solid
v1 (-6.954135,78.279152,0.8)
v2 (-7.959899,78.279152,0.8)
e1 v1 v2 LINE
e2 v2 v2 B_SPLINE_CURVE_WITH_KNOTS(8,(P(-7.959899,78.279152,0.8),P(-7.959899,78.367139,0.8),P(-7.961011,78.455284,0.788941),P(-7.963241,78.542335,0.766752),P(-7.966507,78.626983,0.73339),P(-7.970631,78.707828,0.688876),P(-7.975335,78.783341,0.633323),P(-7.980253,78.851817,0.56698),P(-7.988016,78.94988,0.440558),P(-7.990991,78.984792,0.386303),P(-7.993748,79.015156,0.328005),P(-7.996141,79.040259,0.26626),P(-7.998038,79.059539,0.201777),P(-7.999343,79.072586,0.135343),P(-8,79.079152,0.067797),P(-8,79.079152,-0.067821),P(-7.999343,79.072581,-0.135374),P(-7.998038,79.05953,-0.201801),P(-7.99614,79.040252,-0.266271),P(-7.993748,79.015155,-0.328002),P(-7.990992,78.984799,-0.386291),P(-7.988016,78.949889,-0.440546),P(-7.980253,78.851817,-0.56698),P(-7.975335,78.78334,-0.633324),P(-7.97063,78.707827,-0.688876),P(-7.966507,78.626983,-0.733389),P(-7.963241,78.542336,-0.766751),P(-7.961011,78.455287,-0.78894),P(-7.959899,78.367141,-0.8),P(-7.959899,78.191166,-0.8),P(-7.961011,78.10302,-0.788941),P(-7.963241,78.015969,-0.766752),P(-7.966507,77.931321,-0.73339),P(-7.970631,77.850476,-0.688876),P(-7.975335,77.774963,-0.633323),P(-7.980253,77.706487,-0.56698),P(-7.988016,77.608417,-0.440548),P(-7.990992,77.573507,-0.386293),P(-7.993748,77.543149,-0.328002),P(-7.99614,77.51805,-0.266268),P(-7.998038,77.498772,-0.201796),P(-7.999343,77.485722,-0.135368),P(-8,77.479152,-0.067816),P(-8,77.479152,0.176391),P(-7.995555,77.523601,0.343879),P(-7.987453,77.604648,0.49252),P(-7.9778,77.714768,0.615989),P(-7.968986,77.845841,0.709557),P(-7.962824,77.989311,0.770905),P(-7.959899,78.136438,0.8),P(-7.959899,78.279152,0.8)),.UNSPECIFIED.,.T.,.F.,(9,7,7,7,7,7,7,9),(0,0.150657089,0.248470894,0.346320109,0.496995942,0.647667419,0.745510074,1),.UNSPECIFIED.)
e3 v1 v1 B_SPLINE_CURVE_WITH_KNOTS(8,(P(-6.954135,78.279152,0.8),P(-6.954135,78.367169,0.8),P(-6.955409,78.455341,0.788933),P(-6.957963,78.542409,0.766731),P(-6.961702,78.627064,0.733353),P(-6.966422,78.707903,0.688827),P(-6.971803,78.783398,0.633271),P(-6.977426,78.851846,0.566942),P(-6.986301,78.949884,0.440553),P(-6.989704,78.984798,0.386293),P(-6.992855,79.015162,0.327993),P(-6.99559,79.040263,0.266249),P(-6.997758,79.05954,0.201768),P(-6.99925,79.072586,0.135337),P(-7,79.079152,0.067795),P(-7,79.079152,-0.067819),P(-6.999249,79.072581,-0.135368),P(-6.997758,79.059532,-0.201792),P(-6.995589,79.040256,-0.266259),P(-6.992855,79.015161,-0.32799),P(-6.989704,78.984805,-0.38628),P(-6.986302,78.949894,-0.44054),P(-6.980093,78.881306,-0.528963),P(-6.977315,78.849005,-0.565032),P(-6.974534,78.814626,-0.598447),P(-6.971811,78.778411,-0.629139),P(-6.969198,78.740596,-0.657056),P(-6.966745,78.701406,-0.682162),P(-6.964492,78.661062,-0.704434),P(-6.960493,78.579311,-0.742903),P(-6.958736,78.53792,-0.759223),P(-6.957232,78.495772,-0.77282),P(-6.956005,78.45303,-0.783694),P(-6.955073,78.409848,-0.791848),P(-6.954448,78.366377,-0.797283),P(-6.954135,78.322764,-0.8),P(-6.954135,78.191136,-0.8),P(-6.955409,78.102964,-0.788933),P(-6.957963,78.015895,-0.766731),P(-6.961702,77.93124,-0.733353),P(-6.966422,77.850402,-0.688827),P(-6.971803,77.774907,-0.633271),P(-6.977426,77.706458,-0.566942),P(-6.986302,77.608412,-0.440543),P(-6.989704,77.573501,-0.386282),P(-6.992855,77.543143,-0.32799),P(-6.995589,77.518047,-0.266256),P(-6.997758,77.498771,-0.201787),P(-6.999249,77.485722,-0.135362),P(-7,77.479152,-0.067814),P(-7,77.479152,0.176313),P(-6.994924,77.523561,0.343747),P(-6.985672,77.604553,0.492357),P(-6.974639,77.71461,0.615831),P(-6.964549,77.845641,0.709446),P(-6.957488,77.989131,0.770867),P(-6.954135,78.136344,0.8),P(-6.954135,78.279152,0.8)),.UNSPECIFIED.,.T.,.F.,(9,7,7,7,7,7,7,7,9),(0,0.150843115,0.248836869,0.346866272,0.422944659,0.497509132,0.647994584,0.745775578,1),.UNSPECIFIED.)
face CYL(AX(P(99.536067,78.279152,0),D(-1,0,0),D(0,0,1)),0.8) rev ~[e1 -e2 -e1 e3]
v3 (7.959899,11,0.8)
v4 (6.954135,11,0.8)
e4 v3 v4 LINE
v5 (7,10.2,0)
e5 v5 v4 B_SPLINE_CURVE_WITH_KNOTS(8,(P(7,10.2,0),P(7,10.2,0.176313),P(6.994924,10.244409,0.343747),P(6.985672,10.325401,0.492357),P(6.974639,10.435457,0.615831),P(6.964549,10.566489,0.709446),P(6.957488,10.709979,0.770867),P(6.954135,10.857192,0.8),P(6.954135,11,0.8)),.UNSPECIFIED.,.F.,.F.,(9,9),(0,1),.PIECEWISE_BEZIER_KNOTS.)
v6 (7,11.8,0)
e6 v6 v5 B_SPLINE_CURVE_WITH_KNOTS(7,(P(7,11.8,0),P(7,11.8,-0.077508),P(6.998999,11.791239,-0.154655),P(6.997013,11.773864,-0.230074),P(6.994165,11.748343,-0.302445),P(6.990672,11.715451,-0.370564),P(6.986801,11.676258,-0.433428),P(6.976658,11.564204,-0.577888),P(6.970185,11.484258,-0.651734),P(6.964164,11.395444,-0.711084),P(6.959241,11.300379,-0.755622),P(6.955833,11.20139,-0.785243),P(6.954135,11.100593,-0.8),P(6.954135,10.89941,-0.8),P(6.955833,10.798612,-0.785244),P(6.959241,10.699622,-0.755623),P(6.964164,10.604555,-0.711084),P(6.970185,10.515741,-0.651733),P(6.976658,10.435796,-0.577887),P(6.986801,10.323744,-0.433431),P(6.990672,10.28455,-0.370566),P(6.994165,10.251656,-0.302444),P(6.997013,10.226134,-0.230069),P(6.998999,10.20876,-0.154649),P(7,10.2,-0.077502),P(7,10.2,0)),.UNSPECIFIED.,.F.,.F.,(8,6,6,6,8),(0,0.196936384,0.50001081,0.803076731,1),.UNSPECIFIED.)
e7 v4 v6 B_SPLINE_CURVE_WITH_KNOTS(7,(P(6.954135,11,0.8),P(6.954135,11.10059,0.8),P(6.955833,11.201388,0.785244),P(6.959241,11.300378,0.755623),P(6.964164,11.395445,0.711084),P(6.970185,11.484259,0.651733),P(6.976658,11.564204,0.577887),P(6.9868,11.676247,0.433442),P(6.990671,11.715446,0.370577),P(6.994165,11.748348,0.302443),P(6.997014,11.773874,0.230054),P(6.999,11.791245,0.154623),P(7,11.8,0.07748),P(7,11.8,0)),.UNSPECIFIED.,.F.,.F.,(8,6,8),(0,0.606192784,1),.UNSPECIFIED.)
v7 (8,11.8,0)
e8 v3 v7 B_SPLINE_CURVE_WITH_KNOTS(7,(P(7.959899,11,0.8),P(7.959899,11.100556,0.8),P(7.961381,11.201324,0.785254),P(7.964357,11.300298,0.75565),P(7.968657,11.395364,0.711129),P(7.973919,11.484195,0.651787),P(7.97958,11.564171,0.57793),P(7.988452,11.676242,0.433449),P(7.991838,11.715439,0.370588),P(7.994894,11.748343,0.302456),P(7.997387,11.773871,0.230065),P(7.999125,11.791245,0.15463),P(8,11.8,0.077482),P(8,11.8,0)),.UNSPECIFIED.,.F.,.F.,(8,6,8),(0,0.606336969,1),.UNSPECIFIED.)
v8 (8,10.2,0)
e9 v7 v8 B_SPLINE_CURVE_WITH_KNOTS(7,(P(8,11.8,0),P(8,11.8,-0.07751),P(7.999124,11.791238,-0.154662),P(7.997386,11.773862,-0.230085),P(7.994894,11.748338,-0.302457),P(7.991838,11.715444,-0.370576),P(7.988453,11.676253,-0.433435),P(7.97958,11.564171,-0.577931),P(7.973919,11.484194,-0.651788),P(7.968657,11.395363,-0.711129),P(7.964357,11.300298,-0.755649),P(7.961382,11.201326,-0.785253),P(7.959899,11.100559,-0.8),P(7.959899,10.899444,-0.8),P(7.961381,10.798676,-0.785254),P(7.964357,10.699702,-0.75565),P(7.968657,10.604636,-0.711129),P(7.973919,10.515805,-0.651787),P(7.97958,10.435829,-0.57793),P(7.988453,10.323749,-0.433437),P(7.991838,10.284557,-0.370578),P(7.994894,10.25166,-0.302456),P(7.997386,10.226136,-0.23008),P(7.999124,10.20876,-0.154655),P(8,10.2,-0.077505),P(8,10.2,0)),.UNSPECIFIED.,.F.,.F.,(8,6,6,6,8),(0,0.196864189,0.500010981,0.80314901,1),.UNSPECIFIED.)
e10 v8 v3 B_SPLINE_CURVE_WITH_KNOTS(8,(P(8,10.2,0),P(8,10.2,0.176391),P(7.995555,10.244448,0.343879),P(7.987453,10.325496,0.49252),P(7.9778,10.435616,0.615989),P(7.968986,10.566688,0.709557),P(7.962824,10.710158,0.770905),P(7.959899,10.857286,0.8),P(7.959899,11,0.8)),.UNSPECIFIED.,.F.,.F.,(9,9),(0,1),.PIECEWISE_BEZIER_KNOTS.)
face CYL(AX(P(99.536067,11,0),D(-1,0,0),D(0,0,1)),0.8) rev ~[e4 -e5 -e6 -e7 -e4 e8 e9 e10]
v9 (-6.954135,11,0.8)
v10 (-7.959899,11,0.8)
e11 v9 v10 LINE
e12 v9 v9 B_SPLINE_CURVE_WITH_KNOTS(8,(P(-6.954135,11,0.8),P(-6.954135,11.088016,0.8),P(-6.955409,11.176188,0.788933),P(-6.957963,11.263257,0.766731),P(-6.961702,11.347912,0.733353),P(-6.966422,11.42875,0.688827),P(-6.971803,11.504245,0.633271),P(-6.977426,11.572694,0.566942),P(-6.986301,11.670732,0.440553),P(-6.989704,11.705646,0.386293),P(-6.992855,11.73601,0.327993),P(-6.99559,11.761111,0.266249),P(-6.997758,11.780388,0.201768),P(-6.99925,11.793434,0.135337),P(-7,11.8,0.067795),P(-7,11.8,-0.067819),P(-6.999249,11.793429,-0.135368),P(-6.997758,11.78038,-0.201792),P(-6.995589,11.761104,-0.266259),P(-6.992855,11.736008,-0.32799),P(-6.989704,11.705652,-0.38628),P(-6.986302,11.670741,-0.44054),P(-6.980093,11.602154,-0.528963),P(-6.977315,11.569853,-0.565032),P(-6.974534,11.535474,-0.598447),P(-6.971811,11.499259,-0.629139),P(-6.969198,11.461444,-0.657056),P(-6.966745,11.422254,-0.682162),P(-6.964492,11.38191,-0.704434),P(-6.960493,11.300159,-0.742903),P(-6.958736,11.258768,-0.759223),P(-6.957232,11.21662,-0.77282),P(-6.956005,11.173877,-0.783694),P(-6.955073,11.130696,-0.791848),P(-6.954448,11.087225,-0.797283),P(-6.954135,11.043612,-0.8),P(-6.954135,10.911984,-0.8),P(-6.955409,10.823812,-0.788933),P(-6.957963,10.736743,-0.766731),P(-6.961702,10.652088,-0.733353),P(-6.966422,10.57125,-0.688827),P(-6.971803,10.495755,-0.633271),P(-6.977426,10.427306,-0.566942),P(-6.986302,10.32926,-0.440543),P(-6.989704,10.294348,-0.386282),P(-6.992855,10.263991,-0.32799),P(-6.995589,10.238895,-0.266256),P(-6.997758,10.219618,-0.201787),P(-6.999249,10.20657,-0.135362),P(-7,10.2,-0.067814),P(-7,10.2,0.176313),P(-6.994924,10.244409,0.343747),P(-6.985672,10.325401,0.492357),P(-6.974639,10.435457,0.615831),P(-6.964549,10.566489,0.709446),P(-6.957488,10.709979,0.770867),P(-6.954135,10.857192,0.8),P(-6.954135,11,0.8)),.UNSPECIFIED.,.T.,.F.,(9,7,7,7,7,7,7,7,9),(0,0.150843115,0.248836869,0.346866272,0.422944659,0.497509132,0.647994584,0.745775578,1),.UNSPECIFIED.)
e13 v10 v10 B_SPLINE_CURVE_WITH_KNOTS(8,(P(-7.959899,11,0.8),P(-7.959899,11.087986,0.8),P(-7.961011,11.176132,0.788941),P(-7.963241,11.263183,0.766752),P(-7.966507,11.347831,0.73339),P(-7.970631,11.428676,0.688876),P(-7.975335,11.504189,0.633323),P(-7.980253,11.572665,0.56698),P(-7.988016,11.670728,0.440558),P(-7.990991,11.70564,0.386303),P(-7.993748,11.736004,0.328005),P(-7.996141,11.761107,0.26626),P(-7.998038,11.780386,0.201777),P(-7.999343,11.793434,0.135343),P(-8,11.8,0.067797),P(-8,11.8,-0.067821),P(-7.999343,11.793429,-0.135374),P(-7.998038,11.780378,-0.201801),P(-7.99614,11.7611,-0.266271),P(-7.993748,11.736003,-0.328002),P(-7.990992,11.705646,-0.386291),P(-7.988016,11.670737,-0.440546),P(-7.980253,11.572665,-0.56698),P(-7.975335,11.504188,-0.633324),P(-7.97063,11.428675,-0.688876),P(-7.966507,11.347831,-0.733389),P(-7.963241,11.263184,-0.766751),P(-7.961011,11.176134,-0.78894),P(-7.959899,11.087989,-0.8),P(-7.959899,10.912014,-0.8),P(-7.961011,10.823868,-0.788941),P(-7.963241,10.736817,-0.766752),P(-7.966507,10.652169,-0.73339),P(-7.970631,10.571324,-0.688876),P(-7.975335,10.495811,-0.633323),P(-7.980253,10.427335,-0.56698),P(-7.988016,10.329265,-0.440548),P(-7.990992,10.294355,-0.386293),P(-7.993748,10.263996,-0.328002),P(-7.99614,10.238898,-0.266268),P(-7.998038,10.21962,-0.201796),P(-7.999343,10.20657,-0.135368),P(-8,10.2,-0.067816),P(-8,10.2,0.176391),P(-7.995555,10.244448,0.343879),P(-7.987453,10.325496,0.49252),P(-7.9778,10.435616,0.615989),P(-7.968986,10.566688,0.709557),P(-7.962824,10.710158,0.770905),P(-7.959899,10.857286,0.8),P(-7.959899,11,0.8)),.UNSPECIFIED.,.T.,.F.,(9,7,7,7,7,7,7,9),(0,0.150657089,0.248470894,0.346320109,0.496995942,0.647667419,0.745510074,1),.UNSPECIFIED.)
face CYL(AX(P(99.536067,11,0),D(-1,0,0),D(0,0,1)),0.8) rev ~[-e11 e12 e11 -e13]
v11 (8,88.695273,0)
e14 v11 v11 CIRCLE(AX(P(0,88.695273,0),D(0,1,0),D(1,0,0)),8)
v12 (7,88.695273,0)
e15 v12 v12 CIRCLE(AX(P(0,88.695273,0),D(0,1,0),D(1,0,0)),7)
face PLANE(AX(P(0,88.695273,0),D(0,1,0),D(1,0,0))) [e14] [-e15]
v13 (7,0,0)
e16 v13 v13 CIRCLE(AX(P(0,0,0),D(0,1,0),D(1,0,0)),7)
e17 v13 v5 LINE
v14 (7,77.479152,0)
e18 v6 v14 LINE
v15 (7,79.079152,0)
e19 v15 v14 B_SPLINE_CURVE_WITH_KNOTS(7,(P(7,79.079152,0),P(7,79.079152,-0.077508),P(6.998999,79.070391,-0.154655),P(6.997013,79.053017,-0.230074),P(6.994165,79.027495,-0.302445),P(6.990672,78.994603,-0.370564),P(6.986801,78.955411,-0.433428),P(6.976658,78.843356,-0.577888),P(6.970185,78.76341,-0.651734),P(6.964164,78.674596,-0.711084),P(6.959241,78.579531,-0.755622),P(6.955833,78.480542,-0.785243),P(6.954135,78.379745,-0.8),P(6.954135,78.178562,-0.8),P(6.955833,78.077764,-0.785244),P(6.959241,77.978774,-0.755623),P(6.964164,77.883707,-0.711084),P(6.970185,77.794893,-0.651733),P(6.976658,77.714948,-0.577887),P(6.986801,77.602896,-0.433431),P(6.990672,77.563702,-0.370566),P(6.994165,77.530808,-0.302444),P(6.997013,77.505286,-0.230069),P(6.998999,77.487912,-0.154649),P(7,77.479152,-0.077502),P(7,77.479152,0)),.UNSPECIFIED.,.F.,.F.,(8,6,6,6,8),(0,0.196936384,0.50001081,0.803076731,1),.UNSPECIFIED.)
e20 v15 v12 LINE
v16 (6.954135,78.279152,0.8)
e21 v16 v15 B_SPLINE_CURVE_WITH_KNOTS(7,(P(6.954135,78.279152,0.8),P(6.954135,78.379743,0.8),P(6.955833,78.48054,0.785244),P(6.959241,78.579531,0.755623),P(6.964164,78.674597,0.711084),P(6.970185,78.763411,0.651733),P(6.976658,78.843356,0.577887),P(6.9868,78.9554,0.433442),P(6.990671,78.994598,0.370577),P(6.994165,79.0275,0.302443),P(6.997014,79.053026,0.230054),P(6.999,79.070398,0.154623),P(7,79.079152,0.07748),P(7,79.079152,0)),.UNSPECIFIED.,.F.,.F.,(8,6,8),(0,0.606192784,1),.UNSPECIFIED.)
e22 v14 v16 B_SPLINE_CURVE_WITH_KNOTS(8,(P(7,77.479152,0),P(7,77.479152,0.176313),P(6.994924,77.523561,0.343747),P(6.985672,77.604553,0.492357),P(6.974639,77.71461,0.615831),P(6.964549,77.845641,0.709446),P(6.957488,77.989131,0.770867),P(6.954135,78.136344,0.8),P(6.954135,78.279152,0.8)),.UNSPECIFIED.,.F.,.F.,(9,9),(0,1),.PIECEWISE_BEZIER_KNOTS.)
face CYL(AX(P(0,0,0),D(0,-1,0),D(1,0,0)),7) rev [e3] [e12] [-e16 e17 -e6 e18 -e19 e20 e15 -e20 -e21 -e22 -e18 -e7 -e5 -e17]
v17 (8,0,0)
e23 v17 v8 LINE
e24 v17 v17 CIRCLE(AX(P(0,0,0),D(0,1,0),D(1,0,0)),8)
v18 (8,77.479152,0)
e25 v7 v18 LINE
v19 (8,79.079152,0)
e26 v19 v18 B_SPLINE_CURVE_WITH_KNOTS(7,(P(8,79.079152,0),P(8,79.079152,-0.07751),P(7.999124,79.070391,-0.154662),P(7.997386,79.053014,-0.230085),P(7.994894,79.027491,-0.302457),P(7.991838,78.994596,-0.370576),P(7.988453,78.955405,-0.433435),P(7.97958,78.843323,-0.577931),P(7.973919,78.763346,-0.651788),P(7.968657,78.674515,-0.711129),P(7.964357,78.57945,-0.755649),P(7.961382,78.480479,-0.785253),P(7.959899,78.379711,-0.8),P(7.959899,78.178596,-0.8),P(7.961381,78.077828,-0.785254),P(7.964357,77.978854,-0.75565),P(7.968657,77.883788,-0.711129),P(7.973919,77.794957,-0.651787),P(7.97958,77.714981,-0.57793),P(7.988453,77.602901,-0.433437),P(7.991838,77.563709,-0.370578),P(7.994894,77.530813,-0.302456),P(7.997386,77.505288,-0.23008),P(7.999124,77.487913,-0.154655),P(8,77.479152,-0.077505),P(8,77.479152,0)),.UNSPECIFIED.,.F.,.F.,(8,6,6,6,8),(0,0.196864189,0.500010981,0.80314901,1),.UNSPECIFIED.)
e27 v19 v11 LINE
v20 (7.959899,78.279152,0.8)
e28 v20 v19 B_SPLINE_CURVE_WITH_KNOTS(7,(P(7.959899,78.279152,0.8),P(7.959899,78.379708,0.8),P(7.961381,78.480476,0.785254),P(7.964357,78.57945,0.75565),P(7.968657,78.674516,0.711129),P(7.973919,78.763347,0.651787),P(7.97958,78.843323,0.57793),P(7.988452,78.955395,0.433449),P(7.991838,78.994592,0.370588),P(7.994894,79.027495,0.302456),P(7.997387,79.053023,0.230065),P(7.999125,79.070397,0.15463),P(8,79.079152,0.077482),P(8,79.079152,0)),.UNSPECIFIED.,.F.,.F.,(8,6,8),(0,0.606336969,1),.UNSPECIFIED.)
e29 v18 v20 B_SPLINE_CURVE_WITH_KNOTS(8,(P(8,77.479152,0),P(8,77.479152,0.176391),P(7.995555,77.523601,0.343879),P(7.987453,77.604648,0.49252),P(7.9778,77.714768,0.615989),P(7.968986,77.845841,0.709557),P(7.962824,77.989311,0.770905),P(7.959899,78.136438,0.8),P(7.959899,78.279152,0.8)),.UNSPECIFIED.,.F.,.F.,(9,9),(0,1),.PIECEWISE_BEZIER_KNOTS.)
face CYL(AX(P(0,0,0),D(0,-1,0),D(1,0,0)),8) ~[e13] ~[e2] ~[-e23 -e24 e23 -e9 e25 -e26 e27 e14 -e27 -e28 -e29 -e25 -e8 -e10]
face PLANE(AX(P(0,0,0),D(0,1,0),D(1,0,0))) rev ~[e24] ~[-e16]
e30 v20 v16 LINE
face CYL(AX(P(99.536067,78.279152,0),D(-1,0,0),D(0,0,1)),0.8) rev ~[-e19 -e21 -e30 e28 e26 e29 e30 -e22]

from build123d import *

# Parameters (mm, degrees)
SKETCH2_R           = 8
SKETCH2_R_2         = 7
BOSS_EXTRUDE2_DEPTH = 88.69527324
M2_TAPPED_HOLE1_D   = 1.6
M2_TAPPED_HOLE2_D   = 1.6


with BuildPart() as part:
    # Sketch2 → Boss-Extrude2 (new body)
    with BuildSketch(Plane(origin=(0, 0, 0), x_dir=(1, 0, 0), z_dir=(0, 1, 0))):
        Circle(SKETCH2_R)
        Circle(SKETCH2_R_2, mode=Mode.SUBTRACT)
    extrude(amount=BOSS_EXTRUDE2_DEPTH)

    # M2 Tapped Hole1 (through all)
    with Locations(Plane(origin=(8, 0, 0), x_dir=(0, 0, -1), z_dir=(1, 0, 0))):
        with Locations((0, 78.27915224)):
            Hole(M2_TAPPED_HOLE1_D / 2)

    # M2 Tapped Hole2 (through all)
    with Locations(Plane(origin=(8, 0, 0), x_dir=(0, 0, -1), z_dir=(1, 0, 0))):
        with Locations((0, 11)):
            Hole(M2_TAPPED_HOLE2_D / 2)


solid = part.part
